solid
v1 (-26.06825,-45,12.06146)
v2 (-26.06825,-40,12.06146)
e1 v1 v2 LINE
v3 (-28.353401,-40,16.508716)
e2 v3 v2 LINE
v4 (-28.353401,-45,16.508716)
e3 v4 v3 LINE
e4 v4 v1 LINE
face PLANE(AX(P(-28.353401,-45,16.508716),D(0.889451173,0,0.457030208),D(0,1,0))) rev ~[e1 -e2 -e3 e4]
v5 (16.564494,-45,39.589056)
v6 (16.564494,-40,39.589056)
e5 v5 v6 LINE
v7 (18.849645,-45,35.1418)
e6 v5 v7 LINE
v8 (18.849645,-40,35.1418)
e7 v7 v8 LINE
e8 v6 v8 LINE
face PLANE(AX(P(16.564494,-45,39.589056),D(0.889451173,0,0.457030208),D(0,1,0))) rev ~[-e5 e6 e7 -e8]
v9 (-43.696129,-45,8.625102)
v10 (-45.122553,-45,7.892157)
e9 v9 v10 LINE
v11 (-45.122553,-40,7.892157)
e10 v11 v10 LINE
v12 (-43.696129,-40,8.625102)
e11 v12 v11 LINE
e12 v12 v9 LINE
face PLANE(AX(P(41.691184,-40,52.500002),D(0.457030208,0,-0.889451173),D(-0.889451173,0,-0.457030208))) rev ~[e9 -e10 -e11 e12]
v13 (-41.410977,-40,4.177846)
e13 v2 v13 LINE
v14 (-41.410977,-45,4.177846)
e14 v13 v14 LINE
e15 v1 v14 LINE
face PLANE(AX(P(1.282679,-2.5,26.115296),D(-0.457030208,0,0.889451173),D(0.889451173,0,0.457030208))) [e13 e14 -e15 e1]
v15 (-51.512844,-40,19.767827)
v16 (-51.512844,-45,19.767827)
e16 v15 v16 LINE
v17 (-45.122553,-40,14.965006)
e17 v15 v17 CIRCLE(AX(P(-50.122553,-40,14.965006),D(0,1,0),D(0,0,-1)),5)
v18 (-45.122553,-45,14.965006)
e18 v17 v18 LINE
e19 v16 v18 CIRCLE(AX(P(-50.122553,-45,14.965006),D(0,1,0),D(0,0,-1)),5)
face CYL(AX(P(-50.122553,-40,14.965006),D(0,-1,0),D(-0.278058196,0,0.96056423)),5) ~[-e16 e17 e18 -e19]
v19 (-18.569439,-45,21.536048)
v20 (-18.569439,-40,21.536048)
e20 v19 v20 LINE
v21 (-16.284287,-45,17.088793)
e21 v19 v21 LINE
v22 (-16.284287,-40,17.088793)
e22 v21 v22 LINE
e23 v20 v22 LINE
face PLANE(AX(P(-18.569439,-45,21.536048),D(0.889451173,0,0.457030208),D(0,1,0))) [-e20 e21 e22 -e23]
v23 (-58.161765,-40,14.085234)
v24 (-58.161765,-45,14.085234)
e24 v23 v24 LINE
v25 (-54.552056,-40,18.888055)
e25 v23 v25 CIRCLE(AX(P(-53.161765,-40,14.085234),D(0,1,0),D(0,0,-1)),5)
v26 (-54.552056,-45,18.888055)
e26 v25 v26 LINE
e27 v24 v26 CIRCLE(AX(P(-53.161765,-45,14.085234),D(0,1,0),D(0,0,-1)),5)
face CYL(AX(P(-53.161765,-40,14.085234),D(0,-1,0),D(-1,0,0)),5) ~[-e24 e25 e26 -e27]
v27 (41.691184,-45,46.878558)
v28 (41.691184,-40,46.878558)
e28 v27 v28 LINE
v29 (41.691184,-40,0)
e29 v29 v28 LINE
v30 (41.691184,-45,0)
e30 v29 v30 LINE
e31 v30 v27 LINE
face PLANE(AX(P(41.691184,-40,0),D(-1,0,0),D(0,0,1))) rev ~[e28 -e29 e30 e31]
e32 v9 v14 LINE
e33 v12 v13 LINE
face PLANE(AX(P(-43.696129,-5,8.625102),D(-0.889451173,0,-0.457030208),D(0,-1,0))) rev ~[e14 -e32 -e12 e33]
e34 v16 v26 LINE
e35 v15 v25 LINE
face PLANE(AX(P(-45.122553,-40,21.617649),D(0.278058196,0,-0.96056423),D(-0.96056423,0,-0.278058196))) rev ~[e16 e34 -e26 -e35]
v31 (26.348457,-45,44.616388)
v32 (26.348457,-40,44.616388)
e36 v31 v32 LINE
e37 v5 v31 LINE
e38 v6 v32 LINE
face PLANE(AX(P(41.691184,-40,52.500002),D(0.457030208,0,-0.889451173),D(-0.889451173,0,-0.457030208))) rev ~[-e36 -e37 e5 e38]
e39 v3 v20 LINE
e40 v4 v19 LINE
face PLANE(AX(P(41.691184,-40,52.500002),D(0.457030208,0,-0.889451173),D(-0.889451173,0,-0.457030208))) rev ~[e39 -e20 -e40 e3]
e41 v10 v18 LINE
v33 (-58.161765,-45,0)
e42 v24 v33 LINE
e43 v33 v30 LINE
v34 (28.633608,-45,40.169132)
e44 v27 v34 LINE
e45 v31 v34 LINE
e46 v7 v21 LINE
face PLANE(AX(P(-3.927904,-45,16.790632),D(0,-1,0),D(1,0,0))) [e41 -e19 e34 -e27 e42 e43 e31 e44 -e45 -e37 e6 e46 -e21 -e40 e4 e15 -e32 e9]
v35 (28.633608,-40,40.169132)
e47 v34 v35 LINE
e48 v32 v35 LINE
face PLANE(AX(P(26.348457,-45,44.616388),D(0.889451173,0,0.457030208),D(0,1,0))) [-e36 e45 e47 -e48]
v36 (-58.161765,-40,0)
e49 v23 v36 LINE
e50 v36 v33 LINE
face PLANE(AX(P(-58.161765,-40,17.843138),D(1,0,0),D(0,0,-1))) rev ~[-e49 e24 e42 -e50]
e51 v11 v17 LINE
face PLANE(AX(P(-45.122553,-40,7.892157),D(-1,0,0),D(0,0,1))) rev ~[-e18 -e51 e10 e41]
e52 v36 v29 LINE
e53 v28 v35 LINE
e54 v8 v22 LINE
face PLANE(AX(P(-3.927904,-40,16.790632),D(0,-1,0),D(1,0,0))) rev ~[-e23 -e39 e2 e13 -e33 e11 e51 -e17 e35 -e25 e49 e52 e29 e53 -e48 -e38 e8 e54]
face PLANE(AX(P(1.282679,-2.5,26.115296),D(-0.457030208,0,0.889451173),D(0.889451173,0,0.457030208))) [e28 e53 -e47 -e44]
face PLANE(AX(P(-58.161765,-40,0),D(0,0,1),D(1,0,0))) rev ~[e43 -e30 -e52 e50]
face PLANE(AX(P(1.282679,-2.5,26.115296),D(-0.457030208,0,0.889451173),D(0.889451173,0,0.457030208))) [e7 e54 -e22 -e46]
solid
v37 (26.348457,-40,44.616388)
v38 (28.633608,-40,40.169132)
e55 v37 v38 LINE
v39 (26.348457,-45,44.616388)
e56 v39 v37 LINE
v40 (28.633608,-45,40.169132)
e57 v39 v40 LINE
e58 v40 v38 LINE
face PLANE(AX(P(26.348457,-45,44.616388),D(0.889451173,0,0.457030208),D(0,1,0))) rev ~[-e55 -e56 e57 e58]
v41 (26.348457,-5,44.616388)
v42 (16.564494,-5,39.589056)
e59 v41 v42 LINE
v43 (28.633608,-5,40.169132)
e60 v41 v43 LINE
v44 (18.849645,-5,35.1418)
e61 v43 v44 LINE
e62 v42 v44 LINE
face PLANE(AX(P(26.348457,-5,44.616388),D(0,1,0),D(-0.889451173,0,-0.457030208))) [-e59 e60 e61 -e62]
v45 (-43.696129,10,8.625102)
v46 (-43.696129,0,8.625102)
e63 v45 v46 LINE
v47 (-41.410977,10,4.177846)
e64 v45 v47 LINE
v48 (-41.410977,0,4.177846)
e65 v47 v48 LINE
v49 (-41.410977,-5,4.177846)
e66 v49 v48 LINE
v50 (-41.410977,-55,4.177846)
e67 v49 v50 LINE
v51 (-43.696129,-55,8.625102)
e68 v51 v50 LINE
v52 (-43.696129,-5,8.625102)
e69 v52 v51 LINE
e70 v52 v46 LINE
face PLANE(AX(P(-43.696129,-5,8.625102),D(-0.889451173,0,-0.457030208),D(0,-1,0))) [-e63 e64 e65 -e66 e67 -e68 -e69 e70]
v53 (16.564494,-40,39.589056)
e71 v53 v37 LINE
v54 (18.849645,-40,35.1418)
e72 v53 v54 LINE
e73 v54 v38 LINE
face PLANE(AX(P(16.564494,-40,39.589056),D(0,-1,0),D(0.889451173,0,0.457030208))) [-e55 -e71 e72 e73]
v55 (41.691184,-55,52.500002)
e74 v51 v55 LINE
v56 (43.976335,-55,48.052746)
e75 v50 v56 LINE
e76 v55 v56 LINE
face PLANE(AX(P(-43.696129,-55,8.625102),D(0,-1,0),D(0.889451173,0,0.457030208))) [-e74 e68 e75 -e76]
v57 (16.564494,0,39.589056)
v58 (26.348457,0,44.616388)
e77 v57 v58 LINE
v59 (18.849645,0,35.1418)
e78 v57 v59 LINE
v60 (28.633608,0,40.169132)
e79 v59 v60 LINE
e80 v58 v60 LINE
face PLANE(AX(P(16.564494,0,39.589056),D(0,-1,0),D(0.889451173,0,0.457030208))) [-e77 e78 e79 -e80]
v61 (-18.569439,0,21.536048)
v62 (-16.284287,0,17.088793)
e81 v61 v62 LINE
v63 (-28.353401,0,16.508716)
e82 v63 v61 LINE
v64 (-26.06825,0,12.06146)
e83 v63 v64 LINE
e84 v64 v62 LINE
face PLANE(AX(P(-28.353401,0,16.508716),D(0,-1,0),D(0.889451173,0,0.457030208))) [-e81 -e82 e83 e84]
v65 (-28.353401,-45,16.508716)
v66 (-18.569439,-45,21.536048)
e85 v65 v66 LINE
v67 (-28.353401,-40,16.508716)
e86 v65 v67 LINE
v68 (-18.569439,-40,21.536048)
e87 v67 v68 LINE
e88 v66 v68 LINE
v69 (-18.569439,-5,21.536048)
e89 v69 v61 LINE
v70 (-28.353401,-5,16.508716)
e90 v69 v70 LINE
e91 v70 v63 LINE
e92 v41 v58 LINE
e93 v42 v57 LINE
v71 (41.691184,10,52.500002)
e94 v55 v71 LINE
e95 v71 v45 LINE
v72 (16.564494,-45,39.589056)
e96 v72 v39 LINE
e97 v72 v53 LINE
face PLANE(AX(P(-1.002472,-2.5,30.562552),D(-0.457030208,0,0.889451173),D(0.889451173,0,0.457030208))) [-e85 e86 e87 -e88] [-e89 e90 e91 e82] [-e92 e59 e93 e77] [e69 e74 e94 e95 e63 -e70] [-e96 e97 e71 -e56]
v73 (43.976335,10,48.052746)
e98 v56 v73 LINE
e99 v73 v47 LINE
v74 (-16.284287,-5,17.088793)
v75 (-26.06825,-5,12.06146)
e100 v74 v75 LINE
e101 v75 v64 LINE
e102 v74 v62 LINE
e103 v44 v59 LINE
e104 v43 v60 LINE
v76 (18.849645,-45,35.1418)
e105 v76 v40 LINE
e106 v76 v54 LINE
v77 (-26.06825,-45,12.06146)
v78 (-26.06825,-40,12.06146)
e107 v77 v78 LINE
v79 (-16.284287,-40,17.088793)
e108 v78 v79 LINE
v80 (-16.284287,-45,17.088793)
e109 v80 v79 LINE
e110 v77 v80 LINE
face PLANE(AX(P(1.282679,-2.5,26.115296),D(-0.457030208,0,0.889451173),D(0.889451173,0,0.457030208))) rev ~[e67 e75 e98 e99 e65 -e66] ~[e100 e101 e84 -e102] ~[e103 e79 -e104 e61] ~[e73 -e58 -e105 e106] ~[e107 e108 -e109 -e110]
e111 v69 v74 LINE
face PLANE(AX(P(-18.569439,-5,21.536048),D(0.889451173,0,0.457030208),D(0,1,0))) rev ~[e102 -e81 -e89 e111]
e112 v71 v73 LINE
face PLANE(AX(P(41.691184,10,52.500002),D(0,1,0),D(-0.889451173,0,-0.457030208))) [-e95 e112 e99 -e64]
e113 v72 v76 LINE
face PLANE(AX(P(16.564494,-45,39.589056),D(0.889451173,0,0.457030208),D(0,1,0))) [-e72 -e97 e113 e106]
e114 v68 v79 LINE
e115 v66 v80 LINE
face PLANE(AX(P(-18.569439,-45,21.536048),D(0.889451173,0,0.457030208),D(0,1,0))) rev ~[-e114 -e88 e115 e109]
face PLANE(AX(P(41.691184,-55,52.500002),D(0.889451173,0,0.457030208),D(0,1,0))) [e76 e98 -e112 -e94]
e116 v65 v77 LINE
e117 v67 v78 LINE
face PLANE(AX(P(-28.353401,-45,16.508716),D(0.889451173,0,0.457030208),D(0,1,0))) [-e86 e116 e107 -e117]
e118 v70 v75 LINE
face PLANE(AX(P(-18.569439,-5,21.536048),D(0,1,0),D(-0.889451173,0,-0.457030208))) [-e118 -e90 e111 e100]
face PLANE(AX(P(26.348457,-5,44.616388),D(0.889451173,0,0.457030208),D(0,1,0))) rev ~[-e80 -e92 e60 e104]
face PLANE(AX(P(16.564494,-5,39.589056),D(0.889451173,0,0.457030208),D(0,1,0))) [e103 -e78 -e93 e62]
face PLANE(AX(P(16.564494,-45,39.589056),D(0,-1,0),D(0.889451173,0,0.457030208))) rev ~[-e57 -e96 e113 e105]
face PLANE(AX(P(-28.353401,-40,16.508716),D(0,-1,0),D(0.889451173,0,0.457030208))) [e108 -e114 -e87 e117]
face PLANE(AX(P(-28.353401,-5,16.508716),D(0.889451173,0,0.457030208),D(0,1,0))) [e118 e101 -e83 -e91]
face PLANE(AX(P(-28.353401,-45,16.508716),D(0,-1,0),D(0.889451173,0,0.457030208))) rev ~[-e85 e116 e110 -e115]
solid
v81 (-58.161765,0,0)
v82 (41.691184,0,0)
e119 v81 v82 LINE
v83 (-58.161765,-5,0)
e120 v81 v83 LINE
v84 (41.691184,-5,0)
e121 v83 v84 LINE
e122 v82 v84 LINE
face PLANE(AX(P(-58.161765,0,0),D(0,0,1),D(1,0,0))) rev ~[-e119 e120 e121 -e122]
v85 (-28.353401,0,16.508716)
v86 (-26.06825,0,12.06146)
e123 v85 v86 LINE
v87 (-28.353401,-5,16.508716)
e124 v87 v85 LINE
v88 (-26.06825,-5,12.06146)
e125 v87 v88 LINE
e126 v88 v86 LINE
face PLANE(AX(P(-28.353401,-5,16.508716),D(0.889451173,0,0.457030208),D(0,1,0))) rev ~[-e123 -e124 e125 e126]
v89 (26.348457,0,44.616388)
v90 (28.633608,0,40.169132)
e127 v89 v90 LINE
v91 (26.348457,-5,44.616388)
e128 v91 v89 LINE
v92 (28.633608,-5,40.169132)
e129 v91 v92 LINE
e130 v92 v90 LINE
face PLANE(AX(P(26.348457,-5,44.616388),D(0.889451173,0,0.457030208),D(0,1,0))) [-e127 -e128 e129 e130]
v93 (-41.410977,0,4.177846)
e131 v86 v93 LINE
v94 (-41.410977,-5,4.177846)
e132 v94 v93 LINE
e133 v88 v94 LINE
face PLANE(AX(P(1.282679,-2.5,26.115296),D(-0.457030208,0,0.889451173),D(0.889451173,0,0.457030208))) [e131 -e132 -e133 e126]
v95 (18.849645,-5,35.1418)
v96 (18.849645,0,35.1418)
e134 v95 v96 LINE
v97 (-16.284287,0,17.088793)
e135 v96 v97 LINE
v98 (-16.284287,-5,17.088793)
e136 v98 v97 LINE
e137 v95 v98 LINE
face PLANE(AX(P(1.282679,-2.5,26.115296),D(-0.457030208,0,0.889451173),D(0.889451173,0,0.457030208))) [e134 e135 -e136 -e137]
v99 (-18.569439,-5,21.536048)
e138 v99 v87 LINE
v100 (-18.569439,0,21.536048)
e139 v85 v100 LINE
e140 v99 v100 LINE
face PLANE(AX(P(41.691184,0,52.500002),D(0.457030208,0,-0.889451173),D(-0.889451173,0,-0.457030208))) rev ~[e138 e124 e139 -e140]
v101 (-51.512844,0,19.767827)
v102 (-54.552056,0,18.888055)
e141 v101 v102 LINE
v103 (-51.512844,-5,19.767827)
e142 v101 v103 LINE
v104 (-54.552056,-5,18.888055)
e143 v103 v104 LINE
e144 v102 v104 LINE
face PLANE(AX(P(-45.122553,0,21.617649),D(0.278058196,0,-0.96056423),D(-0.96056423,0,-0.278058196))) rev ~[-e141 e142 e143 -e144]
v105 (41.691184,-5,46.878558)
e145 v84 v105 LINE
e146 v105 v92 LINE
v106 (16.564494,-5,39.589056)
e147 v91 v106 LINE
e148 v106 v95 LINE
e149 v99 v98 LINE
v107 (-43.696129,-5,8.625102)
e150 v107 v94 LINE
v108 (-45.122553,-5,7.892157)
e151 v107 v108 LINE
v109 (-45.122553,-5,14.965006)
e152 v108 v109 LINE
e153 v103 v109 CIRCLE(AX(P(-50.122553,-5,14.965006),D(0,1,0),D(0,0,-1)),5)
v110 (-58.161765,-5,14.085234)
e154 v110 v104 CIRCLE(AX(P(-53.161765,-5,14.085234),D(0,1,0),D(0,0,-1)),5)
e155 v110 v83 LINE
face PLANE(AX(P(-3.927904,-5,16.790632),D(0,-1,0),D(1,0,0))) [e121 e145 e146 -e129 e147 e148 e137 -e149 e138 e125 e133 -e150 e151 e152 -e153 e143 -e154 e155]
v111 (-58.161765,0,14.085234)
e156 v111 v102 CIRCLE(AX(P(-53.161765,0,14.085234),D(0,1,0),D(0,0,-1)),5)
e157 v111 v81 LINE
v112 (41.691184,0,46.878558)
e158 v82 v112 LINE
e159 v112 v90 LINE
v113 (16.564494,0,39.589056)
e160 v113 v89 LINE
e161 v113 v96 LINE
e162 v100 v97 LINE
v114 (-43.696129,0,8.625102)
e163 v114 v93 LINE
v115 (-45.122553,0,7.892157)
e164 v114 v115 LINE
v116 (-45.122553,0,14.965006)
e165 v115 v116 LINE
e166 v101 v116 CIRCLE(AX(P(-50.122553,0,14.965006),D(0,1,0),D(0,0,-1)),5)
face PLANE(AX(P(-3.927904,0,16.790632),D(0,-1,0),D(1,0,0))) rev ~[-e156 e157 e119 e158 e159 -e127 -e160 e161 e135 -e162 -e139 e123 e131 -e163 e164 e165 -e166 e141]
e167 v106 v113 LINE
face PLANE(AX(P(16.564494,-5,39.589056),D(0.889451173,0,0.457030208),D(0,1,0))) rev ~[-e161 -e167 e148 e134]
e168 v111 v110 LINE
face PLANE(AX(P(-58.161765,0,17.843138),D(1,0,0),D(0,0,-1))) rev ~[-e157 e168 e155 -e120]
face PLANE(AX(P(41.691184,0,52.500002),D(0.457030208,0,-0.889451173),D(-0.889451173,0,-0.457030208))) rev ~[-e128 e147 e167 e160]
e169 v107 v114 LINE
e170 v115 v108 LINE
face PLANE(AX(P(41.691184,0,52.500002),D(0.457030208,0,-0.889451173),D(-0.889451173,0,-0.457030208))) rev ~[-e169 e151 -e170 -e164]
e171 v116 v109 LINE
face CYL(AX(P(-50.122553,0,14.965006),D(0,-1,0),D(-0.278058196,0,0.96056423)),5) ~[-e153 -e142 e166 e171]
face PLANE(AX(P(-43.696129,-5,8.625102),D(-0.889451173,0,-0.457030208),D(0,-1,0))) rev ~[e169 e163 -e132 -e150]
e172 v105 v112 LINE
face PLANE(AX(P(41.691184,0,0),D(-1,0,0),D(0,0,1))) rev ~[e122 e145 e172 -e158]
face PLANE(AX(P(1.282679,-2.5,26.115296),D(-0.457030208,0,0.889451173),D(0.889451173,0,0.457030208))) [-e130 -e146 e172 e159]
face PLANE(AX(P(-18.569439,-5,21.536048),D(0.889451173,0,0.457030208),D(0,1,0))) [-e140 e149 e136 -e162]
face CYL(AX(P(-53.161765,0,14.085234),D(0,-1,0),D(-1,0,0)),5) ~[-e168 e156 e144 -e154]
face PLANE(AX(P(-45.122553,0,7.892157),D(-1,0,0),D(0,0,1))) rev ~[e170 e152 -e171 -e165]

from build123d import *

# Parameters (mm, degrees)
F2_DEPTH = 5
F4_W     = 39.5006872239
F4_H     = 5
F4_W_2   = 17.249656388
F4_W_3   = 11
F5_DEPTH = 5
F7_R     = 5
F7_2_R   = 5


with BuildPart() as f2:
    # F0 (on Front) → F2 (new body)
    with BuildSketch(Plane.XZ):
        Polygon((-58.161765337, 0), (41.6911840439, 0), (41.6911840439, 52.5000020862), (-45.1225526631, 7.8921569511), (-45.1225526631, 21.6176491231), (-58.161765337, 17.8431384265), align=None)
    extrude(amount=F2_DEPTH)


with BuildPart() as f3_1:
    # F3: copy of F2
    add(f2.part.moved(Location((0, -40, 0))))


with BuildPart() as f5:
    # F4 (on face) → F5 (new body)
    with BuildSketch(Plane(origin=(-12.6332554785, 0, 24.5862608145), x_dir=(0.8894511728, 0, 0.4570302083), z_dir=(-0.4570302083, 0, 0.8894511728))):
        with Locations((13.0763594298, -2.5)):
            Rectangle(F4_W, F4_H)
        with Locations((52.4515312358, -2.5)):
            Rectangle(F4_W_2, F4_H)
        Polygon((61.0763594298, 0), (61.0763594298, 10), (-34.9236405702, 10), (-34.9236405702, 0), (-17.6739841821, 0), (-6.6739841821, 0), (32.8267030418, 0), (43.8267030418, 0), align=None)
        Polygon((61.0763594298, -55), (61.0763594298, -5), (43.8267030418, -5), (32.8267030418, -5), (-6.6739841821, -5), (-17.6739841821, -5), (-34.9236405702, -5), (-34.9236405702, -55), align=None)
        with Locations((-12.1739841821, -42.5)):
            Rectangle(F4_W_3, F4_H, mode=Mode.SUBTRACT)
        with Locations((38.3267030418, -42.5)):
            Rectangle(F4_W_3, F4_H, mode=Mode.SUBTRACT)
        with Locations((-26.2988123761, -2.5)):
            Rectangle(F4_W_2, F4_H)
    extrude(amount=-F5_DEPTH)


with BuildPart() as f3_1_1:
    add(f3_1.part)

    # F6: cut F5
    add(f5.part, mode=Mode.SUBTRACT)

    # F7#2
    f7_2_edges = [f3_1_1.edges().sort_by_distance(p)[0] for p in [
        (-45.122553, -42.5, 21.617649),
        (-58.161765, -42.5, 17.843138),
    ]]
    fillet(f7_2_edges, radius=F7_2_R)


with BuildPart() as f2_1:
    add(f2.part)

    # F6: cut F5
    add(f5.part, mode=Mode.SUBTRACT)

    # F7
    f7_edges = [f2_1.edges().sort_by_distance(p)[0] for p in [
        (-45.122553, -2.5, 21.617649),
        (-58.161765, -2.5, 17.843138),
    ]]
    fillet(f7_edges, radius=F7_R)


solid = Compound([f5.part, f3_1_1.part, f2_1.part])
